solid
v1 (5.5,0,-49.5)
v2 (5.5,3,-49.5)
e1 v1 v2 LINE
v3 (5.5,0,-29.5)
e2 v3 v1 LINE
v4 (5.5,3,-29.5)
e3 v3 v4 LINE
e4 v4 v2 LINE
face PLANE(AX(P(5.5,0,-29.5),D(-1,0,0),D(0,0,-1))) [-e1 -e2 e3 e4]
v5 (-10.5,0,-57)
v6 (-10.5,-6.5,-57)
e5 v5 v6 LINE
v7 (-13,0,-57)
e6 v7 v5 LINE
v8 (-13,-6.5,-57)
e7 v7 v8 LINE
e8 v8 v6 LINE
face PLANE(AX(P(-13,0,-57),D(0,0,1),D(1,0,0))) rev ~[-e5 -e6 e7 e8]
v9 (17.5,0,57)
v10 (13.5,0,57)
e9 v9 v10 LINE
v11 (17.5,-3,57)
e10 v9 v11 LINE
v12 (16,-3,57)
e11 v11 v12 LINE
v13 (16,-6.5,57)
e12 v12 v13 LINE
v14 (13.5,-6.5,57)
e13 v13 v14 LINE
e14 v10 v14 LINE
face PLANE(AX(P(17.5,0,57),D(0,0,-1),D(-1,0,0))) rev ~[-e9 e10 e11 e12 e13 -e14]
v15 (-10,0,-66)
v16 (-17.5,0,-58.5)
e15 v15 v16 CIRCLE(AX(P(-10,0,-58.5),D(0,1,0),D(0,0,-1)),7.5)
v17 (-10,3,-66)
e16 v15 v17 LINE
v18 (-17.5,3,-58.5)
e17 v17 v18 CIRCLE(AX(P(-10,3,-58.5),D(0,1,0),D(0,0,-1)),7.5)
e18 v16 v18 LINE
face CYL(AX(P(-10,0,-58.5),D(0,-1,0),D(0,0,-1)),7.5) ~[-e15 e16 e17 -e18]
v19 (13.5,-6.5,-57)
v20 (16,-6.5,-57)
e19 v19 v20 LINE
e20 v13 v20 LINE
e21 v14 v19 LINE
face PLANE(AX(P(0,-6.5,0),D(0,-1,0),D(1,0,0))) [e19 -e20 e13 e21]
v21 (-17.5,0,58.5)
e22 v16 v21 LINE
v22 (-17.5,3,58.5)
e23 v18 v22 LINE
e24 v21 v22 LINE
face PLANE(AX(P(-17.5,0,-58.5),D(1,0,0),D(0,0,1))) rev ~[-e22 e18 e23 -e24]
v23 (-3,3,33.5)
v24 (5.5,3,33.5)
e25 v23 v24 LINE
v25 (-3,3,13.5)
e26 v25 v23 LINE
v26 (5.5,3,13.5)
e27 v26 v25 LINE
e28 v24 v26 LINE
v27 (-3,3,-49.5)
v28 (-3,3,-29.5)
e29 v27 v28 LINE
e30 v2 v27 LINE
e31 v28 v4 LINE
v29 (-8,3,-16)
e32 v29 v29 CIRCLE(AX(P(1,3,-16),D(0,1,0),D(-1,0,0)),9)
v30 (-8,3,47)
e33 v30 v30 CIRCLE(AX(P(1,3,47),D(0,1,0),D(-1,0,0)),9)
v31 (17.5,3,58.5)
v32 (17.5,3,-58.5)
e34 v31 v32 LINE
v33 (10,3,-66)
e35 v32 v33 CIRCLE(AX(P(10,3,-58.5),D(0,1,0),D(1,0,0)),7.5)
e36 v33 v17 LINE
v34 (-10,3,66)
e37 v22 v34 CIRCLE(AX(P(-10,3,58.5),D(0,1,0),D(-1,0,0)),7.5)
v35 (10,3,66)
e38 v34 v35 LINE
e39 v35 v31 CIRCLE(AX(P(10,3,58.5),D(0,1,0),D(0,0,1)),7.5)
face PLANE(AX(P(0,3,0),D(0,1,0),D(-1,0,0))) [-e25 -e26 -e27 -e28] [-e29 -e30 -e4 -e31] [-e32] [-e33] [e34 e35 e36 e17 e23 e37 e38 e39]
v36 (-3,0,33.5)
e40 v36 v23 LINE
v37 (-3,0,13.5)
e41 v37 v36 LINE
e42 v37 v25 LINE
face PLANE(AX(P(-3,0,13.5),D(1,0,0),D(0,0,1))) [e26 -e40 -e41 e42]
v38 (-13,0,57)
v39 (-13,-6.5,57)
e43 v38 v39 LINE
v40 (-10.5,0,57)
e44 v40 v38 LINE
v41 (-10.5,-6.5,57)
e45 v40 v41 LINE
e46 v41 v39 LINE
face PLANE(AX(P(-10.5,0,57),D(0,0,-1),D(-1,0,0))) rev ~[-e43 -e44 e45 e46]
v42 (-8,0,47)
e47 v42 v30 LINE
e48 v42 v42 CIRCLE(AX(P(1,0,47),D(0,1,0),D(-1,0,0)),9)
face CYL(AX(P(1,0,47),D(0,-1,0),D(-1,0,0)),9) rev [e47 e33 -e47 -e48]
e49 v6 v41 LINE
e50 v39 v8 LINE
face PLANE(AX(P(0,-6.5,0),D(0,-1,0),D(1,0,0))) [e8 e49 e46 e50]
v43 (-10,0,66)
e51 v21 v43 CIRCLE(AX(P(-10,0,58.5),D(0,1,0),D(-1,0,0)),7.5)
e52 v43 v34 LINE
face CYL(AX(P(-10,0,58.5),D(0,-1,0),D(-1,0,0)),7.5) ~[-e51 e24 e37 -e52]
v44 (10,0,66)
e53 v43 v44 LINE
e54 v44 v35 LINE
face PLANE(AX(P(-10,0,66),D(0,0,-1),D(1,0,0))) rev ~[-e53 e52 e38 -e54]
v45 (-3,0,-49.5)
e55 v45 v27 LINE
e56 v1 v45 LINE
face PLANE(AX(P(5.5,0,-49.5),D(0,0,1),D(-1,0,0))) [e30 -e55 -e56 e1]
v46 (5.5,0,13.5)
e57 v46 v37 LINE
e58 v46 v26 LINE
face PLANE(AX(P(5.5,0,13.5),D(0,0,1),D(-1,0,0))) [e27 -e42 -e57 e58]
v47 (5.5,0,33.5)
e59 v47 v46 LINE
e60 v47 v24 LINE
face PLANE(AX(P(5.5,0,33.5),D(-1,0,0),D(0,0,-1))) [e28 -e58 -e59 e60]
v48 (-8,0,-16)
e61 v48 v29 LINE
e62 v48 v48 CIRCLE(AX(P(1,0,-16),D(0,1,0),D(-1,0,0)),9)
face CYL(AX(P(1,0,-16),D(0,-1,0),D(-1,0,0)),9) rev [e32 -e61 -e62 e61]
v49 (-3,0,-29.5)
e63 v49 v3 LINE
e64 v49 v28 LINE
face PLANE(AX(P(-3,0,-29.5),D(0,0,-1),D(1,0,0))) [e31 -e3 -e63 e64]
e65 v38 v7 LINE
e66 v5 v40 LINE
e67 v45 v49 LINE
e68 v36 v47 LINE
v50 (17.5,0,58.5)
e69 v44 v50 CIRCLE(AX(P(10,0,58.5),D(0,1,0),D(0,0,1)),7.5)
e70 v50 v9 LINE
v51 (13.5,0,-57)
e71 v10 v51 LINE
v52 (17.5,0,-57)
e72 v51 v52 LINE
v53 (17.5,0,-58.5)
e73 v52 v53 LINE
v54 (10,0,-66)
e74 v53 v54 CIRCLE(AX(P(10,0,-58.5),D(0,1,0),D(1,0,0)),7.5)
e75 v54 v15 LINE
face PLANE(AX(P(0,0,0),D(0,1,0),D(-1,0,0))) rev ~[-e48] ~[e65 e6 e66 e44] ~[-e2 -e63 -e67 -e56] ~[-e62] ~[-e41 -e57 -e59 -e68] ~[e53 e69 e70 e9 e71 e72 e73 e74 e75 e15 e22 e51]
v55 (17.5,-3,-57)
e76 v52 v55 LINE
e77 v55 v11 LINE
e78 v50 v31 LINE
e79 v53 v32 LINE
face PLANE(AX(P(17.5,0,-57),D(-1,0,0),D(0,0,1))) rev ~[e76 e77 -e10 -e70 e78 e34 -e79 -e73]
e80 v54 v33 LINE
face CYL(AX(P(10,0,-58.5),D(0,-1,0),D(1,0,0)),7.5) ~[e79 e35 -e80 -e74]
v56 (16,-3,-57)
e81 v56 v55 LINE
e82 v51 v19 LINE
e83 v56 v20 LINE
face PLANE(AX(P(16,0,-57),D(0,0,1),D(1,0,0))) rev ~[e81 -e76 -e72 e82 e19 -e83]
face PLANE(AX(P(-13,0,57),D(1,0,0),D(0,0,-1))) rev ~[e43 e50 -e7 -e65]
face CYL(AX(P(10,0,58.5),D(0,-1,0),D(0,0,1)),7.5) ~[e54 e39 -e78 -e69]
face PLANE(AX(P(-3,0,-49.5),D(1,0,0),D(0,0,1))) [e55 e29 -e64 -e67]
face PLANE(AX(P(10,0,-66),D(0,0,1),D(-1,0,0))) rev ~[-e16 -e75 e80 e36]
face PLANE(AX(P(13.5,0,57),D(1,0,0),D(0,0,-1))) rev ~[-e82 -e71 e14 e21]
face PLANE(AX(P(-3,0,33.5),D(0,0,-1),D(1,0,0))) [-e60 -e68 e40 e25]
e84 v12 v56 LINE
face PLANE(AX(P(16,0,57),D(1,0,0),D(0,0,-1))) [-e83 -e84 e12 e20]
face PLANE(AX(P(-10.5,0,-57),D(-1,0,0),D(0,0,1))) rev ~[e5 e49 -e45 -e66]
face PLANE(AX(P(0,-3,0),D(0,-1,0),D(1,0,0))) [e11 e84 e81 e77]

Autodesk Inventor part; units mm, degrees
ref_plane "YZ Plane" through (0, 0, 0) normal (1, 0, 0) x (0, 1, 0)
ref_plane "XZ Plane" through (0, 0, 0) normal (0, 1, 0) x (-1, 0, 0)
ref_plane "XY Plane" through (0, 0, 0) normal (0, 0, 1) x (1, 0, 0)
sketch "Boceto1" plane through (0, 0, 0) normal (0, 1, 0) x (-1, 0, 0)
  line L0 (10, 66) -> (-10, 66)
  line L1 (-17.5, 58.5) -> (-17.5, -58.5)
  line L2 (-10, -66) -> (10, -66)
  line L3 (17.5, -58.5) -> (17.5, 58.5)
  arc A0 (17.5, 58.5) -> (10, 66) centre (10, 58.5) ccw
  arc A1 (-10, 66) -> (-17.5, 58.5) centre (-10, 58.5) ccw
  arc A2 (-17.5, -58.5) -> (-10, -66) centre (-10, -58.5) ccw
  arc A3 (10, -66) -> (17.5, -58.5) centre (10, -58.5) ccw
  circle A4 centre (-1, 47) radius 9
  circle A5 centre (-1, -16) radius 9
  line L4 (3, 33.5) -> (-5.5, 33.5)
  line L5 (-5.5, 33.5) -> (-5.5, 13.5)
  line L6 (-5.5, 13.5) -> (3, 13.5)
  line L7 (3, 13.5) -> (3, 33.5)
  line L8 (3, -29.5) -> (-5.5, -29.5)
  line L9 (-5.5, -29.5) -> (-5.5, -49.5)
  line L10 (-5.5, -49.5) -> (3, -49.5)
  line L11 (3, -49.5) -> (3, -29.5)
  point P0 (0, 0)
  point P1 (17.5, 66)
  point P2 (-17.5, -66)
  point P3 (17.5, -66)
  point P4 (17.5, 0)
  point P5 (0, -66)
  point P6 (-1.25, 13.5)
  point P7 (-1.25, -49.5)
  point P8 (-1.25, 33.5)
  dimension "d0" = 35
  dimension "d1" = 132
  dimension "d2" = 7.5
  dimension "d5" = 8.5
  dimension "d8" = 20
  dimension "d9" = 12
  dimension "d10" = 43
  dimension "d11" = 16.5
  dimension "d12" = 13.5
  dimension "d13" = 16.5
  dimension "d15" = 18
  dimension "d16" = 13.5
extrude "Extrusión1" add sketch "Boceto1" along normal blind 3
sketch "Boceto2" plane through (0, 0, 0) normal (0, -1, 0) x (1, 0, 0)
  line L0 (17.5, 57) -> (13.5, 57)
  line L1 (13.5, 57) -> (13.5, -57)
  line L2 (13.5, -57) -> (17.5, -57)
  line L3 (17.5, -57) -> (17.5, 57)
  line L4 (-10.5, 57) -> (-13, 57)
  line L5 (-13, 57) -> (-13, -57)
  line L6 (-13, -57) -> (-10.5, -57)
  line L7 (-10.5, -57) -> (-10.5, 57)
  line L8 (16, 57) -> (16, -57)
  line L9 (17.5, 58.5) -> (17.5, -58.5) projected
  point P0 (0, 0)
  point P1 (17.5, 0)
  point P2 (17.5, 0)
  point P3 (-10.5, 0)
  point P4 (13.5, 0)
  dimension "d19" = 4
  dimension "d20" = 114
  dimension "d21" = 2.5
  dimension "d22" = 2.5
  dimension "d23" = 24
extrude "Extrusión2" add sketch "Boceto2" along normal blind 6.5 contours L8 L2 L1 L0 | L7 L6 L5 L4
extrude "Extrusión3" add sketch "Boceto2" along normal blind 3 contours L3 L2 L8 L0
properties part number "Soporte" material "Plástico ABS"
